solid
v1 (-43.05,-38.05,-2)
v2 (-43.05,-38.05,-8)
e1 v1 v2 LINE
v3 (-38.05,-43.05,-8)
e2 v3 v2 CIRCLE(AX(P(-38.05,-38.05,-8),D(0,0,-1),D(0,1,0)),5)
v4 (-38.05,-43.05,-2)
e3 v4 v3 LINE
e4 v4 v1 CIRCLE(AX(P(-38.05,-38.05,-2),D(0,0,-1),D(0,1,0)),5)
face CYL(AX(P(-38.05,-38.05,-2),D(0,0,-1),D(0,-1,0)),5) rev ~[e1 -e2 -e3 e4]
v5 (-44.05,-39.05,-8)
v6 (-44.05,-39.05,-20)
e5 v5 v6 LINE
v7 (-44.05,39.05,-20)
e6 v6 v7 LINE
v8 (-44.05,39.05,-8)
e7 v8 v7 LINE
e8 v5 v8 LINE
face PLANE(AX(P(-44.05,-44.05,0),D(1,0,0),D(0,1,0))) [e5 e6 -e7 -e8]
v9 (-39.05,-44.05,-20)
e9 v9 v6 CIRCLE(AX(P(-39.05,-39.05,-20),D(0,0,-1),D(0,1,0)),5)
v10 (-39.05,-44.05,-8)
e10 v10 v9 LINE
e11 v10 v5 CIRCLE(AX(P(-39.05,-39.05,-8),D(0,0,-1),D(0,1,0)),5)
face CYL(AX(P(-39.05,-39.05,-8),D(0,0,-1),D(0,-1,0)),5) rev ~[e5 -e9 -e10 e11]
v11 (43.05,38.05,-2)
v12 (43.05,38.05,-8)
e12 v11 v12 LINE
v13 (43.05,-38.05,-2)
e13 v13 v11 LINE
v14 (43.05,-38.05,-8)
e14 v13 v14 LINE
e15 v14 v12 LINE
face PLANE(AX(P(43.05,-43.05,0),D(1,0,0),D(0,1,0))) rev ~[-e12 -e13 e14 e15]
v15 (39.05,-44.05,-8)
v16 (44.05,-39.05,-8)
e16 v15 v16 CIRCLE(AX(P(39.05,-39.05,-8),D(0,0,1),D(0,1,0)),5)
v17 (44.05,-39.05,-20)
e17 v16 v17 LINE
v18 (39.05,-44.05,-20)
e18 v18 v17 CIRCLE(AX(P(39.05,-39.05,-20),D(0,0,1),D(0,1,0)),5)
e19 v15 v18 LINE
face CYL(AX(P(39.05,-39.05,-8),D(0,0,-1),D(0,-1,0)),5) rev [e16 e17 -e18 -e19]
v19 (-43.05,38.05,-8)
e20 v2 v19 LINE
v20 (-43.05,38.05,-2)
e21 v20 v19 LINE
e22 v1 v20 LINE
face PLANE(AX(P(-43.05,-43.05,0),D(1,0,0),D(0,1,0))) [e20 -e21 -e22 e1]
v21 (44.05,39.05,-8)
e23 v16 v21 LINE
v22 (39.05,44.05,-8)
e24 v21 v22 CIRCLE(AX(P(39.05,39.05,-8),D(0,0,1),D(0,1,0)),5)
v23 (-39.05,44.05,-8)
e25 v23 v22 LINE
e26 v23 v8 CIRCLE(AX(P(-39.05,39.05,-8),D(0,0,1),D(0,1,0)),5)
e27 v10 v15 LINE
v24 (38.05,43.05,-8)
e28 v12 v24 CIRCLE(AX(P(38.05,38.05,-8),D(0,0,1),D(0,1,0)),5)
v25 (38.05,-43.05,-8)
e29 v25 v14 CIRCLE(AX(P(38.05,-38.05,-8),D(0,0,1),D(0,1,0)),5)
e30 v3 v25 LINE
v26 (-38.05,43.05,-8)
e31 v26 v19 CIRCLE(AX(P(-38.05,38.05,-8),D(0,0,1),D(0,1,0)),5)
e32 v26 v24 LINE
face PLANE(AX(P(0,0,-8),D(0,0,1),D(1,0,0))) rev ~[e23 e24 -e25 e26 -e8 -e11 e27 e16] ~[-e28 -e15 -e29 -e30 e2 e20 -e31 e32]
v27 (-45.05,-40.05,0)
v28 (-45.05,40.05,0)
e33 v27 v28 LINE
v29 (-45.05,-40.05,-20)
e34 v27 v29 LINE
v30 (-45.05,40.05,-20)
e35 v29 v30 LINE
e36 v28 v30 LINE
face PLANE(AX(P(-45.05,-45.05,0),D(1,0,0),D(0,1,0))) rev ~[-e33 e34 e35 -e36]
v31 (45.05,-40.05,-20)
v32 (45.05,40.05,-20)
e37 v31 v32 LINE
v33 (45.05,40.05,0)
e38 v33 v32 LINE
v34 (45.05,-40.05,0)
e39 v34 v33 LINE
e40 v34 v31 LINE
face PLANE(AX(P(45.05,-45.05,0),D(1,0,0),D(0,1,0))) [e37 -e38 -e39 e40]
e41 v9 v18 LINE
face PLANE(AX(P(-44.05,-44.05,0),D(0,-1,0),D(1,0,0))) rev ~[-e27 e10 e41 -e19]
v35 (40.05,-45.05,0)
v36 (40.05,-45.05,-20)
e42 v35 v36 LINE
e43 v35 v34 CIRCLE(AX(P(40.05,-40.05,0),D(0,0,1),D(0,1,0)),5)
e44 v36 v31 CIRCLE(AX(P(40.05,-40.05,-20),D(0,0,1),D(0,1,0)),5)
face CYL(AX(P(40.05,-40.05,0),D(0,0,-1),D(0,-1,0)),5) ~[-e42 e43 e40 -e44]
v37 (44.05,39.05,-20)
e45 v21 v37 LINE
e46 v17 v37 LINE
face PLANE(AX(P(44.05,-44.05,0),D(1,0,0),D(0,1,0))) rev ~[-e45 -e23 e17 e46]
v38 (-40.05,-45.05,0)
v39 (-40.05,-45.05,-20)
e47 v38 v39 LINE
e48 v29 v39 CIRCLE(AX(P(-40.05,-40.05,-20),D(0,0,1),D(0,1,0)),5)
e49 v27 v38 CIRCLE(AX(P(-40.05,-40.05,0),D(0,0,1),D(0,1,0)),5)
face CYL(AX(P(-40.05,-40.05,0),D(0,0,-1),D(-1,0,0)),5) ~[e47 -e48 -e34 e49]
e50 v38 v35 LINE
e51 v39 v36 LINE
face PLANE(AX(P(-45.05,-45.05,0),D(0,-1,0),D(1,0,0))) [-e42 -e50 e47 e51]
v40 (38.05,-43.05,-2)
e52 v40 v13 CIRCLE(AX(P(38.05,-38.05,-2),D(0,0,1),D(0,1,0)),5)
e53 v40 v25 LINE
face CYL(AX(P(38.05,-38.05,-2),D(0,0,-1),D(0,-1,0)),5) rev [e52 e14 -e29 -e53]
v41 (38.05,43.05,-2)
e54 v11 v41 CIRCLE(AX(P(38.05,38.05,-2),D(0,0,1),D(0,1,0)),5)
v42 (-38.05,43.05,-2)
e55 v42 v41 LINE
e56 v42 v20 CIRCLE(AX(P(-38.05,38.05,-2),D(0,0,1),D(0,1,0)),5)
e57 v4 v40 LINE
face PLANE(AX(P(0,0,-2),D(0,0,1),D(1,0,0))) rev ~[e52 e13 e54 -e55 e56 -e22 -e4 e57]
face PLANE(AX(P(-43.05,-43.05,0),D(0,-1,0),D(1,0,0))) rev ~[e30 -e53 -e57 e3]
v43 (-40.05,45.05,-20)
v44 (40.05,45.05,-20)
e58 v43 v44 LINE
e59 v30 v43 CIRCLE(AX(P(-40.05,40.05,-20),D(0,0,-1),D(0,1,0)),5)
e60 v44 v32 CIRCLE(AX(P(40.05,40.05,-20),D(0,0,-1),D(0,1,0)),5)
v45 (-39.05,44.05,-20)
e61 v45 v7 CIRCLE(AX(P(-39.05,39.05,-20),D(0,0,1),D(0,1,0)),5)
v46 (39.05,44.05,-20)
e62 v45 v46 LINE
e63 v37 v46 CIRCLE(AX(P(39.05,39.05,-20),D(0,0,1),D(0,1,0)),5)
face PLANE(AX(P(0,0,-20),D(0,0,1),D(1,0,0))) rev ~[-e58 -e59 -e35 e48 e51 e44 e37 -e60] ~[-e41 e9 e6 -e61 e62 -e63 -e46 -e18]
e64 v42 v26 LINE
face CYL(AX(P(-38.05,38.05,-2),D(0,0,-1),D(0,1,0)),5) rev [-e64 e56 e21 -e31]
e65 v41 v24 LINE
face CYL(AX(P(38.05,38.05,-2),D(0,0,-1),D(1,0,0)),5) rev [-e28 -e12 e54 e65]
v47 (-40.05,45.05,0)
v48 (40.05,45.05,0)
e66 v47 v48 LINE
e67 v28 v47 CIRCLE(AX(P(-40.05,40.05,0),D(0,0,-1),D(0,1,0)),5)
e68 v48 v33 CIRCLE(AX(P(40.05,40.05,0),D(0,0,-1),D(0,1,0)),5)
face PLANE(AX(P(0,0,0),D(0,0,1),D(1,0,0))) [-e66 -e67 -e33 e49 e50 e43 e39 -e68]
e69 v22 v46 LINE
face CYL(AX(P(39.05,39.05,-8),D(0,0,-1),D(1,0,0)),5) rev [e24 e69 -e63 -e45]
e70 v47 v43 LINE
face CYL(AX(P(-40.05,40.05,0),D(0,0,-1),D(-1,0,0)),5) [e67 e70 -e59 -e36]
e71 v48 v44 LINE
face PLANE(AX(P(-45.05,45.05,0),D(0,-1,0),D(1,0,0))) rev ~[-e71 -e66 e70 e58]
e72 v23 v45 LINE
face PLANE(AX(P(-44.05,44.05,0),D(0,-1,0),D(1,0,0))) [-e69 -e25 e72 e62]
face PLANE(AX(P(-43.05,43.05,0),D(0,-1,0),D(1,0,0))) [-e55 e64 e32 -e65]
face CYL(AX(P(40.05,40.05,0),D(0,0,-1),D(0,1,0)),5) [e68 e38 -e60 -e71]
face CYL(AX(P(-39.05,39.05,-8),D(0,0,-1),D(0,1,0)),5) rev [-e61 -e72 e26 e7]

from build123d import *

# Parameters (mm, degrees)
F0_W     = 86.1
F0_H     = 86.1
F1_DEPTH = 2
F0_W_2   = 88.1
F0_H_2   = 88.1
F2_DEPTH = 8
F0_W_3   = 90.1
F0_H_3   = 90.1
F3_DEPTH = 20
F4_R     = 5


with BuildPart() as f1:
    # F0 (on Top) → F1 (new body)
    with BuildSketch(Plane.XY):
        Rectangle(F0_W, F0_H)
    extrude(amount=-F1_DEPTH)

    # F0 (on Top) → F2 (join)
    with BuildSketch(Plane.XY):
        Rectangle(F0_W_2, F0_H_2)
        Rectangle(F0_W, F0_H, mode=Mode.SUBTRACT)
    extrude(amount=-F2_DEPTH)

    # F0 (on Top) → F3 (join)
    with BuildSketch(Plane.XY):
        Rectangle(F0_W_3, F0_H_3)
        Rectangle(F0_W_2, F0_H_2, mode=Mode.SUBTRACT)
    extrude(amount=-F3_DEPTH)

    # F4
    f4_edges = [f1.edges().sort_by_distance(p)[0] for p in [
        (-43.05, -43.05, -5),
        (-44.05, -44.05, -14),
        (43.05, -43.05, -5),
        (44.05, -44.05, -14),
        (43.05, 43.05, -5),
        (44.05, 44.05, -14),
        (-43.05, 43.05, -5),
        (-44.05, 44.05, -14),
        (45.05, -45.05, -10),
        (45.05, 45.05, -10),
        (-45.05, -45.05, -10),
        (-45.05, 45.05, -10),
    ]]
    fillet(f4_edges, radius=F4_R)


solid = f1.part
